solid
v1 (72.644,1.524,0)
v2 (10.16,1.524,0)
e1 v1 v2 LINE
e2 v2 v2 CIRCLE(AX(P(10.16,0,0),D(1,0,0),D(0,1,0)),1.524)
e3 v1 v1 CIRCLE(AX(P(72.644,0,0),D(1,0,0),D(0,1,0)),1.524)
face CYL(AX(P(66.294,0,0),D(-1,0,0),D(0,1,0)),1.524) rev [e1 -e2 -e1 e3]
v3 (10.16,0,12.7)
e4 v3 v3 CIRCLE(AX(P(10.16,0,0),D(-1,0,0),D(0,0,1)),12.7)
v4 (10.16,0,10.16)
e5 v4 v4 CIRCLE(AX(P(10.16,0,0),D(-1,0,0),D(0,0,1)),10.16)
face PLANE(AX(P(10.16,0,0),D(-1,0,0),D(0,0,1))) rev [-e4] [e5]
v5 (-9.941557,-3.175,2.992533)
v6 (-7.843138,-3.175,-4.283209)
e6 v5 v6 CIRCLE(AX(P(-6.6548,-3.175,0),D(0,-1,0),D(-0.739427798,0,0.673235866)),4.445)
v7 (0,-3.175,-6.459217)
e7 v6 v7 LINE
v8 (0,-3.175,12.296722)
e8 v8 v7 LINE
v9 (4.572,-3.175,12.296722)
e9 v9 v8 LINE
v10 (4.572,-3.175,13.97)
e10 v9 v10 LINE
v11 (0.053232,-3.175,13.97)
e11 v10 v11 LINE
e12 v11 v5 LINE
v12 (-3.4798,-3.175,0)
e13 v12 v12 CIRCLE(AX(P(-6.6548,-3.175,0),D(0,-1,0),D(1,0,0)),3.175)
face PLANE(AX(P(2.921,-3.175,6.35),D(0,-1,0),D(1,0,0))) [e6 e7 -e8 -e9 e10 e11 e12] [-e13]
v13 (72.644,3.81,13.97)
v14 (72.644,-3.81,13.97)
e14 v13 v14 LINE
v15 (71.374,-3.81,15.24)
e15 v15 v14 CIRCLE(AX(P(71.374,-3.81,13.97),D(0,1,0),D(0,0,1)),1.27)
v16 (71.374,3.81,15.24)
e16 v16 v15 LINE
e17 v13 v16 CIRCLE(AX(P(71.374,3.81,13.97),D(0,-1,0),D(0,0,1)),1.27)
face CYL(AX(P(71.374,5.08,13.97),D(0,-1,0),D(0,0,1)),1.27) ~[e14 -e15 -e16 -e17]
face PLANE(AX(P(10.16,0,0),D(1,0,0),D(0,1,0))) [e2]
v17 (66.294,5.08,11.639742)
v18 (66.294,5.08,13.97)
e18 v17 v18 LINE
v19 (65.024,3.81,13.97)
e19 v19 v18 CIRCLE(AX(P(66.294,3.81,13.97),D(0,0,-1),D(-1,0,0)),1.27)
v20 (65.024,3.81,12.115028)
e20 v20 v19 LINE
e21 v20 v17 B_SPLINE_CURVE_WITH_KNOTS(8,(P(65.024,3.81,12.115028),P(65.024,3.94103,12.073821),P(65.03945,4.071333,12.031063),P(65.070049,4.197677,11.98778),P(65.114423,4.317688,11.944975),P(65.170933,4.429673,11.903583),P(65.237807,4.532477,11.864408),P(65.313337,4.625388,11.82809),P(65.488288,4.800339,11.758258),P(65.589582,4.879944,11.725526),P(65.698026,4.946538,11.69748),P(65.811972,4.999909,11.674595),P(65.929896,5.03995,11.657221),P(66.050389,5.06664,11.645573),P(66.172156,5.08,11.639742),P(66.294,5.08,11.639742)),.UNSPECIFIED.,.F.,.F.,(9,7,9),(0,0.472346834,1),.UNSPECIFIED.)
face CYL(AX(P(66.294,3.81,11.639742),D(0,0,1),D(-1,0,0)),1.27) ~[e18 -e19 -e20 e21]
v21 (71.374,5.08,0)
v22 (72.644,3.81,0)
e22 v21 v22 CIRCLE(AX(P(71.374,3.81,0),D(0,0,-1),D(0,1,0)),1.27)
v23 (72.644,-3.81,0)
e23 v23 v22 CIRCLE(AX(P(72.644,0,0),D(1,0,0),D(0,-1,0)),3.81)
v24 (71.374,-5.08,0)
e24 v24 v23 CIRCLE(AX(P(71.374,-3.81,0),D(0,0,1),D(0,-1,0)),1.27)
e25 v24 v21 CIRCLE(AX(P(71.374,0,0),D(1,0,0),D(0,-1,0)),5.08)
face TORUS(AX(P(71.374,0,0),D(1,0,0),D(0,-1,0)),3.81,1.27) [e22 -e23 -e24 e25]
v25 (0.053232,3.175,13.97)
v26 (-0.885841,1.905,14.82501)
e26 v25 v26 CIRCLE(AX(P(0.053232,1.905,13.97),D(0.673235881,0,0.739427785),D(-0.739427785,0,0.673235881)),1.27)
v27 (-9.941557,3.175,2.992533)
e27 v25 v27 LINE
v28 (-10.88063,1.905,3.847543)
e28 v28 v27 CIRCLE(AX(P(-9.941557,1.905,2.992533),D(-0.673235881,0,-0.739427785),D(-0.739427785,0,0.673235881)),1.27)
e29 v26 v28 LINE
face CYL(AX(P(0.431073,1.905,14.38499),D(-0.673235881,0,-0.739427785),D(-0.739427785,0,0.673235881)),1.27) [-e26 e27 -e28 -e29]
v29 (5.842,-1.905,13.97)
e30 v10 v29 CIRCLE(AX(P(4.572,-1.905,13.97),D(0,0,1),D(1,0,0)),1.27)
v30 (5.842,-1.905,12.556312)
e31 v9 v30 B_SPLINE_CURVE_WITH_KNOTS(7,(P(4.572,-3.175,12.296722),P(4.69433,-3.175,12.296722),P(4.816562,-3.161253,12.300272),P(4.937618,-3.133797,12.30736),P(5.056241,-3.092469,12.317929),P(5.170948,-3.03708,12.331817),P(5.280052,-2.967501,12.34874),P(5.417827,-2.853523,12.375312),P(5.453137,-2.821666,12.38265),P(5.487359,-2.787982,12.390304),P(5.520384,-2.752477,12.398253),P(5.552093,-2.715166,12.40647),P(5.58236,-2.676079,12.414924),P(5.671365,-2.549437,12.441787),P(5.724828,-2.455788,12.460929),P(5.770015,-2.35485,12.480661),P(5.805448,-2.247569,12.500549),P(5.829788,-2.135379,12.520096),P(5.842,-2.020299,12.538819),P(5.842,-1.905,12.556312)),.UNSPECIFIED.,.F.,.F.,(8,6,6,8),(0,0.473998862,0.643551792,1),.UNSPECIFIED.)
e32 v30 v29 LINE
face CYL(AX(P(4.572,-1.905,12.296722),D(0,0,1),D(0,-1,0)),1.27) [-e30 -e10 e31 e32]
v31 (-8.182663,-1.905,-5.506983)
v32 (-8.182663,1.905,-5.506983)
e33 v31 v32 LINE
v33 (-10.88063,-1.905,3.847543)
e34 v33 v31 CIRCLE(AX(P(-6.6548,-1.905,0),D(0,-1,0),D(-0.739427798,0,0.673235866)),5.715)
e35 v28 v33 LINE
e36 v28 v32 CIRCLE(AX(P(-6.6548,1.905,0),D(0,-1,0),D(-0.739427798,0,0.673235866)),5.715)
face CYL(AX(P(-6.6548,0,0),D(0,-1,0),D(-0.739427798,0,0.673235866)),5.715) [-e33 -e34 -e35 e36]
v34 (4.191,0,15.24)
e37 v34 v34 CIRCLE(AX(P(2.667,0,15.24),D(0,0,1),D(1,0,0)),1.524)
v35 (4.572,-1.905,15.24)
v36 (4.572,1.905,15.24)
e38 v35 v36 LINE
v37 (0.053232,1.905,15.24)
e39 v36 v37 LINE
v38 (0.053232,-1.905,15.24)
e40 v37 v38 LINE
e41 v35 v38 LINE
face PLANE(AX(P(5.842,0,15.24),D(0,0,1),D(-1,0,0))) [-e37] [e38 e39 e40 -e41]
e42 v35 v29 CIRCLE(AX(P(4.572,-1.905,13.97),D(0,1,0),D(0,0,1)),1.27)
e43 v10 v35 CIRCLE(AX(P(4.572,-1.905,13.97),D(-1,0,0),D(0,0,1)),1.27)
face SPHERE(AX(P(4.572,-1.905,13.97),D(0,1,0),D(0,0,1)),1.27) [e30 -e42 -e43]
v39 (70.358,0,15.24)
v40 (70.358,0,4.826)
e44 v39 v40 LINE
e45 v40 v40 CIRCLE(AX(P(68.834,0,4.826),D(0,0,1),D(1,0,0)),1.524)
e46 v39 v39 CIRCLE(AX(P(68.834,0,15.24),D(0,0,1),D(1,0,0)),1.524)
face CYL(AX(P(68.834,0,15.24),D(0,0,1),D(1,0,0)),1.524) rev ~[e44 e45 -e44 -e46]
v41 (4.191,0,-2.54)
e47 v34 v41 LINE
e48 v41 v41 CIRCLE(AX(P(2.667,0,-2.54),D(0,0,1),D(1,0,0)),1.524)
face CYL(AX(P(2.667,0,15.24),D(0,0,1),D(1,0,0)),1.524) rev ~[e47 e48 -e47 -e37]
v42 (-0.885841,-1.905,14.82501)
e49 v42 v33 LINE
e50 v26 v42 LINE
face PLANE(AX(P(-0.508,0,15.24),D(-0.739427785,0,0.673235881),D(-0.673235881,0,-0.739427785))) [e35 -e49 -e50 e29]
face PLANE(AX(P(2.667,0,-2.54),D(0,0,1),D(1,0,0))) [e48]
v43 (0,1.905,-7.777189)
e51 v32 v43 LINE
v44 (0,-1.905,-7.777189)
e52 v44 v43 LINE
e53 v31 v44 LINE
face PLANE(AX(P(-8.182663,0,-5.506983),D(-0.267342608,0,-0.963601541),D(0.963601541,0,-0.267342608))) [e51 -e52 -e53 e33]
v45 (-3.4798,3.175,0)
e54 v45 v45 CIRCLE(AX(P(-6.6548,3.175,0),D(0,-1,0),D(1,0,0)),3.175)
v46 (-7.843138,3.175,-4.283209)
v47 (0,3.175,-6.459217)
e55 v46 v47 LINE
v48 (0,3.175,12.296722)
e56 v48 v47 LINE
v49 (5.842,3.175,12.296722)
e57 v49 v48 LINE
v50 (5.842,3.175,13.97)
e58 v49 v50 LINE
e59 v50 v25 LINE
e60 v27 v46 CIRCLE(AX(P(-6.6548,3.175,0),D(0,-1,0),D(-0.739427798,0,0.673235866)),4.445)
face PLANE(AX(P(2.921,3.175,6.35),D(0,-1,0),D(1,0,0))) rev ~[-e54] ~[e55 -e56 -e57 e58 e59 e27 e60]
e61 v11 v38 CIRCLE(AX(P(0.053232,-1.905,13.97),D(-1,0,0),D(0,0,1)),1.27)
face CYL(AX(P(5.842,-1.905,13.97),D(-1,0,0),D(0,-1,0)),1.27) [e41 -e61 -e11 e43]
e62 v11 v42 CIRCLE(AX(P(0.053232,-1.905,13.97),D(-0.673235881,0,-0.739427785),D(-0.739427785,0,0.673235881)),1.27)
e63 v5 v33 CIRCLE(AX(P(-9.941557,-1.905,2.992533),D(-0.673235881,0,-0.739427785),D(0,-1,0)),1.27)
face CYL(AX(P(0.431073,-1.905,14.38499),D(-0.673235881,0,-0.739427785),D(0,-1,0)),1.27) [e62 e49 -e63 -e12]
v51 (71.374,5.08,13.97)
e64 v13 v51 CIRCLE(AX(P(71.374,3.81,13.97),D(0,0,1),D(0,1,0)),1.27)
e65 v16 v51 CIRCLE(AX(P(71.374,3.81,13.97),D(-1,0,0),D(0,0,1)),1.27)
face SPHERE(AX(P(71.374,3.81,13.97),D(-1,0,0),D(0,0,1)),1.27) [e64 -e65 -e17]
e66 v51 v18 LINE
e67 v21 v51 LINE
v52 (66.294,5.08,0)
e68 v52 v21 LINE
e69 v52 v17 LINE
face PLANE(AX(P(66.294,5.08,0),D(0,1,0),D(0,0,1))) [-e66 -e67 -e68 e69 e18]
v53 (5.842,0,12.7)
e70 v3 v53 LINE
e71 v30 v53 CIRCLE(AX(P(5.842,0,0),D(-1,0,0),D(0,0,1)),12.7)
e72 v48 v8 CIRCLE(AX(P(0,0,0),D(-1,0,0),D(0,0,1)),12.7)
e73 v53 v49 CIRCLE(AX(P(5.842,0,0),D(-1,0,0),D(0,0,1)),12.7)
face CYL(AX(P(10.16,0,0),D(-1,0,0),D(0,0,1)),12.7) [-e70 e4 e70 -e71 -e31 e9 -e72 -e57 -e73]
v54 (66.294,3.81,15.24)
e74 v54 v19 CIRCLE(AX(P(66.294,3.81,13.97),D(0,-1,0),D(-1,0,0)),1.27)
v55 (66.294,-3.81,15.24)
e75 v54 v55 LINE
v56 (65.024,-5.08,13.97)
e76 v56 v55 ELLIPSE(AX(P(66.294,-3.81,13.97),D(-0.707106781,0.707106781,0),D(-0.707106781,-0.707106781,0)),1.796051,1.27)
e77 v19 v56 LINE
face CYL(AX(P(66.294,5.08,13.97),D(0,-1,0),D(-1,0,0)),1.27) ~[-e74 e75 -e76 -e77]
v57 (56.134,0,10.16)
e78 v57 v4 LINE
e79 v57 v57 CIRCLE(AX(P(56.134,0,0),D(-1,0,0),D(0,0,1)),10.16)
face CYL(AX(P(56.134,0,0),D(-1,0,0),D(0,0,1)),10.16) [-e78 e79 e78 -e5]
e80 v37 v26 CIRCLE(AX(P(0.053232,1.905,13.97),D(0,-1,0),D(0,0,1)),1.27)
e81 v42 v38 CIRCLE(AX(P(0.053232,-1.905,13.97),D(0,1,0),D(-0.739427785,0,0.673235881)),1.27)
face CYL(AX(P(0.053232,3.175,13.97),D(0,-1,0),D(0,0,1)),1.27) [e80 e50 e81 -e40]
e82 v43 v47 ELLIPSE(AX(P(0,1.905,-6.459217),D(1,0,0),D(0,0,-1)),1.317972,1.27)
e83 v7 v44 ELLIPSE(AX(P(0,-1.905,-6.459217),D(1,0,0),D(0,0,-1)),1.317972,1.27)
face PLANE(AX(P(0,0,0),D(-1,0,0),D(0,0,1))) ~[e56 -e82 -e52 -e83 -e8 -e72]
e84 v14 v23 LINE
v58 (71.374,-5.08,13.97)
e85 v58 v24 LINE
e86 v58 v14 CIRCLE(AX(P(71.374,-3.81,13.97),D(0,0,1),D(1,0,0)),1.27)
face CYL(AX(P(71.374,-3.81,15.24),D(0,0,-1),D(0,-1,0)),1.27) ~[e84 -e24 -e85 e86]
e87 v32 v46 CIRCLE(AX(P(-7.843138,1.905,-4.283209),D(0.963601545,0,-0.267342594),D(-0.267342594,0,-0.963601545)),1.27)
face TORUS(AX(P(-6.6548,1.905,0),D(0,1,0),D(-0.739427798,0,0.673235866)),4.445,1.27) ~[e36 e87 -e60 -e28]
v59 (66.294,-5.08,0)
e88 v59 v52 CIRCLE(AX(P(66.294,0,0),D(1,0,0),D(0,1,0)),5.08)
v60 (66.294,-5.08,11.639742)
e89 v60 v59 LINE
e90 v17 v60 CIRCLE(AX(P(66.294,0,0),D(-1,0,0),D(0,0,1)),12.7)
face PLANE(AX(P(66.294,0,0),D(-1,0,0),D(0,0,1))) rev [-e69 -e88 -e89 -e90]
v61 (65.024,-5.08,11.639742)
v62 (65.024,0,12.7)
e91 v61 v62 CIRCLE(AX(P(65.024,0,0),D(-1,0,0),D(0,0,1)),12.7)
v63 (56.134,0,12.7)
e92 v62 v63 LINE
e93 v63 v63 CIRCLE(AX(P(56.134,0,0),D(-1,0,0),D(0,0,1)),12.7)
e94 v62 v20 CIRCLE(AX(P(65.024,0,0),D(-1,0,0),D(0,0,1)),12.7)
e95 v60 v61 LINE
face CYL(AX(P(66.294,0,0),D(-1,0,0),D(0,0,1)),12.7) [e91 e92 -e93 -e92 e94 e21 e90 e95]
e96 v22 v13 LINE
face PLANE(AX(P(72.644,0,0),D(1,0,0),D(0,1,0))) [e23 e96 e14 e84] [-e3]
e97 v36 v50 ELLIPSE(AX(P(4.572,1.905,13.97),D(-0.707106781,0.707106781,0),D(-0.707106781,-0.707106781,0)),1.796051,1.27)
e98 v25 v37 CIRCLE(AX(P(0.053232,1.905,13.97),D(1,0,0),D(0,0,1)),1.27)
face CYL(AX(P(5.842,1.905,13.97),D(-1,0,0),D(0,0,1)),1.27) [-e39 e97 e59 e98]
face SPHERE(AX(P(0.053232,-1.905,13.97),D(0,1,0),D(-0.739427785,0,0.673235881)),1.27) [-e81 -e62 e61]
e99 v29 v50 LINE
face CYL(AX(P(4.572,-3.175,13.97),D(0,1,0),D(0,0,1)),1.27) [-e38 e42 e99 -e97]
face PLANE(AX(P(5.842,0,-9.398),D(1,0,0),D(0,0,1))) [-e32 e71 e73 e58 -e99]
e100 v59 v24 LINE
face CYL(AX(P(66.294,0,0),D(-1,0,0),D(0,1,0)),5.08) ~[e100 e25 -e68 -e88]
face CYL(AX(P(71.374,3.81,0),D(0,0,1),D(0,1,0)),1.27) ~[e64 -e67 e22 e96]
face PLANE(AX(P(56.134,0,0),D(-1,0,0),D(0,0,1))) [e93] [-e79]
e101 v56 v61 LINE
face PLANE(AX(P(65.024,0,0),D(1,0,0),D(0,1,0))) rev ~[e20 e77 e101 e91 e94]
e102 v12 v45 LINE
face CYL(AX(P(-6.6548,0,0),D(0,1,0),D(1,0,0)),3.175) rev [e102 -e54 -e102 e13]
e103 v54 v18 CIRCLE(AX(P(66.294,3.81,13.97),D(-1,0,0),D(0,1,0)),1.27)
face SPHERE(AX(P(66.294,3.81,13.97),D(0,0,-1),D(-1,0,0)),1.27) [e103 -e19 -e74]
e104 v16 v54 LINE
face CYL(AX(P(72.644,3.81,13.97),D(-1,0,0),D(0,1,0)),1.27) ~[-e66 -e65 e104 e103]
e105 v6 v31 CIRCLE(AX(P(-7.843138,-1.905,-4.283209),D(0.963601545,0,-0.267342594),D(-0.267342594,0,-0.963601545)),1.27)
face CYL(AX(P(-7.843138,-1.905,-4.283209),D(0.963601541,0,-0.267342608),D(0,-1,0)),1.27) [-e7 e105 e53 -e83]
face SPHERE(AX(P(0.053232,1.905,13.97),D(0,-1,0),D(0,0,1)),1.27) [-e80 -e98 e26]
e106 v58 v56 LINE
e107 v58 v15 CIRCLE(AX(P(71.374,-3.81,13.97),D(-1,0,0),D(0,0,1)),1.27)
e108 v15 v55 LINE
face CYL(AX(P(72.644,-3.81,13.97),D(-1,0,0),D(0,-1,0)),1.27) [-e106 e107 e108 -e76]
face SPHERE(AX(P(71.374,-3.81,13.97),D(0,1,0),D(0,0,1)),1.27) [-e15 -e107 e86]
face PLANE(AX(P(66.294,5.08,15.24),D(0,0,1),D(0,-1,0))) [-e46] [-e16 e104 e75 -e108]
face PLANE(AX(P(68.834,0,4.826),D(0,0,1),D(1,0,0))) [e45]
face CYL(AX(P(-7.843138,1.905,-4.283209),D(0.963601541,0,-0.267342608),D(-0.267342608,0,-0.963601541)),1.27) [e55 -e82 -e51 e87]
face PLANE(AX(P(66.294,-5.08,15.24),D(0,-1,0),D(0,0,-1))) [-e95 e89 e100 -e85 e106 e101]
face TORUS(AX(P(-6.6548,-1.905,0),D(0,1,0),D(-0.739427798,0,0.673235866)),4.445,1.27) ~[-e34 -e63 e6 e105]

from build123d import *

# Parameters (mm, degrees)
F0_W          = 5.842
F0_H          = 12.7
F0_R          = 3.175
F2_DEPTH      = 3.175
F3_R          = 1.524
F4_DEPTH      = 6.35
F4_DEPTH_BACK = 1.27
F6_R          = 1.524
F7_DEPTH      = 17.78
F5_R          = 1.524
F8_DEPTH      = 10.414
F9_DEPTH      = 56.134
F10_R         = 1.27


with BuildPart() as f1:
    # F0 (on Front) → F1 (revolve)
    with BuildSketch(Plane.XZ):
        Polygon((5.842, 12.7), (5.842, 0), (66.294, 0), (66.294, 12.7), (56.134, 12.7), (56.134, 10.16), (10.16, 10.16), (10.16, 12.7), align=None)
        with Locations((2.921, 6.35)):
            Rectangle(F0_W, F0_H)
    revolve(axis=Axis((33.147, 0, 0), (-1, 0, 0)))

    # F0 (on Front) → F2 (join, symmetric)
    with BuildSketch(Plane.XZ):
        with Locations((2.921, 6.35)):
            Rectangle(F0_W, F0_H)
        with BuildLine():
            Line((-0.9398, 0), (0, 0))
            Line((0, 0), (0, 12.7))
            Line((0, 12.7), (5.842, 12.7))
            Line((5.842, 12.7), (5.842, 15.24))
            Line((5.842, 15.24), (-0.508, 15.24))
            Line((-0.508, 15.24), (-10.88063, 3.847543))
            ThreePointArc((-10.88063, 3.847543), (-4.591961, 5.329721), (-0.9398, 0))
        make_face()
        with BuildLine():
            ThreePointArc((-8.182663, -5.506983), (-3.195791, -4.549339), (-0.9398, 0))
            ThreePointArc((-0.9398, 0), (-4.591961, 5.329721), (-10.88063, 3.847543))
            ThreePointArc((-10.88063, 3.847543), (-12.145978, -1.583727), (-8.182663, -5.506983))
        make_face()
        with Locations((-6.6548, 0)):
            Circle(F0_R, mode=Mode.SUBTRACT)
        with BuildLine():
            Line((5.842, 0), (0, 0))
            Line((0, 0), (-0.9398, 0))
            ThreePointArc((-0.9398, 0), (-3.195791, -4.549339), (-8.182663, -5.506983))
            Line((-8.182663, -5.506983), (5.842, -9.398))
            Line((5.842, -9.398), (5.842, 0))
        make_face()
    extrude(amount=F2_DEPTH, both=True)

    # F3 (on face) → F4 (join, two sides)
    with BuildSketch(Plane.YZ.offset(66.294)) as f4_sk:
        with BuildLine():
            ThreePointArc((-5.08, 0), (0, -5.08), (5.08, 0))
            ThreePointArc((5.08, 0), (0, 5.08), (-5.08, 0))
        make_face()
        Circle(F3_R, mode=Mode.SUBTRACT)
        with BuildLine():
            ThreePointArc((-5.08, 0), (0, 5.08), (5.08, 0))
            Line((5.08, 0), (5.08, 15.24))
            Line((5.08, 15.24), (-5.08, 15.24))
            Line((-5.08, 15.24), (-5.08, 0))
        make_face()
    extrude(amount=F4_DEPTH)
    extrude(f4_sk.sketch, amount=-F4_DEPTH_BACK)

    # F6 (on face) → F7 (cut)
    with BuildSketch(Plane.XY.offset(15.24)):
        with Locations((2.667, 0)):
            Circle(F6_R)
    extrude(amount=-F7_DEPTH, mode=Mode.SUBTRACT)

    # F5 (on face) → F8 (cut)
    with BuildSketch(Plane.XY.offset(15.24)):
        with Locations((68.834, 0)):
            Circle(F5_R)
    extrude(amount=-F8_DEPTH, mode=Mode.SUBTRACT)

    # F3 (on face) → F9 (cut, through all)
    with BuildSketch(Plane.YZ.offset(66.294)):
        Circle(F3_R)
    extrude(amount=-F9_DEPTH, mode=Mode.SUBTRACT)

    # F10
    f10_edges = [f1.edges().sort_by_distance(p)[0] for p in [
        (65.024, 5.08, 13.439871),
        (65.024, 0, 15.24),
        (68.834, 5.08, 15.24),
        (72.644, 0, 15.24),
        (68.834, -5.08, 15.24),
        (72.644, 5.08, 7.62),
        (72.644, -5.08, 7.62),
        (2.667, 3.175, 15.24),
        (-5.694315, 3.175, 9.543772),
        (5.842, 0, 15.24),
        (2.667, -3.175, 15.24),
        (5.842, -3.175, 13.768361),
        (-0.508, 0, 15.24),
        (-5.694315, -3.175, 9.543772),
    ]]
    fillet(f10_edges, radius=F10_R)


solid = f1.part
